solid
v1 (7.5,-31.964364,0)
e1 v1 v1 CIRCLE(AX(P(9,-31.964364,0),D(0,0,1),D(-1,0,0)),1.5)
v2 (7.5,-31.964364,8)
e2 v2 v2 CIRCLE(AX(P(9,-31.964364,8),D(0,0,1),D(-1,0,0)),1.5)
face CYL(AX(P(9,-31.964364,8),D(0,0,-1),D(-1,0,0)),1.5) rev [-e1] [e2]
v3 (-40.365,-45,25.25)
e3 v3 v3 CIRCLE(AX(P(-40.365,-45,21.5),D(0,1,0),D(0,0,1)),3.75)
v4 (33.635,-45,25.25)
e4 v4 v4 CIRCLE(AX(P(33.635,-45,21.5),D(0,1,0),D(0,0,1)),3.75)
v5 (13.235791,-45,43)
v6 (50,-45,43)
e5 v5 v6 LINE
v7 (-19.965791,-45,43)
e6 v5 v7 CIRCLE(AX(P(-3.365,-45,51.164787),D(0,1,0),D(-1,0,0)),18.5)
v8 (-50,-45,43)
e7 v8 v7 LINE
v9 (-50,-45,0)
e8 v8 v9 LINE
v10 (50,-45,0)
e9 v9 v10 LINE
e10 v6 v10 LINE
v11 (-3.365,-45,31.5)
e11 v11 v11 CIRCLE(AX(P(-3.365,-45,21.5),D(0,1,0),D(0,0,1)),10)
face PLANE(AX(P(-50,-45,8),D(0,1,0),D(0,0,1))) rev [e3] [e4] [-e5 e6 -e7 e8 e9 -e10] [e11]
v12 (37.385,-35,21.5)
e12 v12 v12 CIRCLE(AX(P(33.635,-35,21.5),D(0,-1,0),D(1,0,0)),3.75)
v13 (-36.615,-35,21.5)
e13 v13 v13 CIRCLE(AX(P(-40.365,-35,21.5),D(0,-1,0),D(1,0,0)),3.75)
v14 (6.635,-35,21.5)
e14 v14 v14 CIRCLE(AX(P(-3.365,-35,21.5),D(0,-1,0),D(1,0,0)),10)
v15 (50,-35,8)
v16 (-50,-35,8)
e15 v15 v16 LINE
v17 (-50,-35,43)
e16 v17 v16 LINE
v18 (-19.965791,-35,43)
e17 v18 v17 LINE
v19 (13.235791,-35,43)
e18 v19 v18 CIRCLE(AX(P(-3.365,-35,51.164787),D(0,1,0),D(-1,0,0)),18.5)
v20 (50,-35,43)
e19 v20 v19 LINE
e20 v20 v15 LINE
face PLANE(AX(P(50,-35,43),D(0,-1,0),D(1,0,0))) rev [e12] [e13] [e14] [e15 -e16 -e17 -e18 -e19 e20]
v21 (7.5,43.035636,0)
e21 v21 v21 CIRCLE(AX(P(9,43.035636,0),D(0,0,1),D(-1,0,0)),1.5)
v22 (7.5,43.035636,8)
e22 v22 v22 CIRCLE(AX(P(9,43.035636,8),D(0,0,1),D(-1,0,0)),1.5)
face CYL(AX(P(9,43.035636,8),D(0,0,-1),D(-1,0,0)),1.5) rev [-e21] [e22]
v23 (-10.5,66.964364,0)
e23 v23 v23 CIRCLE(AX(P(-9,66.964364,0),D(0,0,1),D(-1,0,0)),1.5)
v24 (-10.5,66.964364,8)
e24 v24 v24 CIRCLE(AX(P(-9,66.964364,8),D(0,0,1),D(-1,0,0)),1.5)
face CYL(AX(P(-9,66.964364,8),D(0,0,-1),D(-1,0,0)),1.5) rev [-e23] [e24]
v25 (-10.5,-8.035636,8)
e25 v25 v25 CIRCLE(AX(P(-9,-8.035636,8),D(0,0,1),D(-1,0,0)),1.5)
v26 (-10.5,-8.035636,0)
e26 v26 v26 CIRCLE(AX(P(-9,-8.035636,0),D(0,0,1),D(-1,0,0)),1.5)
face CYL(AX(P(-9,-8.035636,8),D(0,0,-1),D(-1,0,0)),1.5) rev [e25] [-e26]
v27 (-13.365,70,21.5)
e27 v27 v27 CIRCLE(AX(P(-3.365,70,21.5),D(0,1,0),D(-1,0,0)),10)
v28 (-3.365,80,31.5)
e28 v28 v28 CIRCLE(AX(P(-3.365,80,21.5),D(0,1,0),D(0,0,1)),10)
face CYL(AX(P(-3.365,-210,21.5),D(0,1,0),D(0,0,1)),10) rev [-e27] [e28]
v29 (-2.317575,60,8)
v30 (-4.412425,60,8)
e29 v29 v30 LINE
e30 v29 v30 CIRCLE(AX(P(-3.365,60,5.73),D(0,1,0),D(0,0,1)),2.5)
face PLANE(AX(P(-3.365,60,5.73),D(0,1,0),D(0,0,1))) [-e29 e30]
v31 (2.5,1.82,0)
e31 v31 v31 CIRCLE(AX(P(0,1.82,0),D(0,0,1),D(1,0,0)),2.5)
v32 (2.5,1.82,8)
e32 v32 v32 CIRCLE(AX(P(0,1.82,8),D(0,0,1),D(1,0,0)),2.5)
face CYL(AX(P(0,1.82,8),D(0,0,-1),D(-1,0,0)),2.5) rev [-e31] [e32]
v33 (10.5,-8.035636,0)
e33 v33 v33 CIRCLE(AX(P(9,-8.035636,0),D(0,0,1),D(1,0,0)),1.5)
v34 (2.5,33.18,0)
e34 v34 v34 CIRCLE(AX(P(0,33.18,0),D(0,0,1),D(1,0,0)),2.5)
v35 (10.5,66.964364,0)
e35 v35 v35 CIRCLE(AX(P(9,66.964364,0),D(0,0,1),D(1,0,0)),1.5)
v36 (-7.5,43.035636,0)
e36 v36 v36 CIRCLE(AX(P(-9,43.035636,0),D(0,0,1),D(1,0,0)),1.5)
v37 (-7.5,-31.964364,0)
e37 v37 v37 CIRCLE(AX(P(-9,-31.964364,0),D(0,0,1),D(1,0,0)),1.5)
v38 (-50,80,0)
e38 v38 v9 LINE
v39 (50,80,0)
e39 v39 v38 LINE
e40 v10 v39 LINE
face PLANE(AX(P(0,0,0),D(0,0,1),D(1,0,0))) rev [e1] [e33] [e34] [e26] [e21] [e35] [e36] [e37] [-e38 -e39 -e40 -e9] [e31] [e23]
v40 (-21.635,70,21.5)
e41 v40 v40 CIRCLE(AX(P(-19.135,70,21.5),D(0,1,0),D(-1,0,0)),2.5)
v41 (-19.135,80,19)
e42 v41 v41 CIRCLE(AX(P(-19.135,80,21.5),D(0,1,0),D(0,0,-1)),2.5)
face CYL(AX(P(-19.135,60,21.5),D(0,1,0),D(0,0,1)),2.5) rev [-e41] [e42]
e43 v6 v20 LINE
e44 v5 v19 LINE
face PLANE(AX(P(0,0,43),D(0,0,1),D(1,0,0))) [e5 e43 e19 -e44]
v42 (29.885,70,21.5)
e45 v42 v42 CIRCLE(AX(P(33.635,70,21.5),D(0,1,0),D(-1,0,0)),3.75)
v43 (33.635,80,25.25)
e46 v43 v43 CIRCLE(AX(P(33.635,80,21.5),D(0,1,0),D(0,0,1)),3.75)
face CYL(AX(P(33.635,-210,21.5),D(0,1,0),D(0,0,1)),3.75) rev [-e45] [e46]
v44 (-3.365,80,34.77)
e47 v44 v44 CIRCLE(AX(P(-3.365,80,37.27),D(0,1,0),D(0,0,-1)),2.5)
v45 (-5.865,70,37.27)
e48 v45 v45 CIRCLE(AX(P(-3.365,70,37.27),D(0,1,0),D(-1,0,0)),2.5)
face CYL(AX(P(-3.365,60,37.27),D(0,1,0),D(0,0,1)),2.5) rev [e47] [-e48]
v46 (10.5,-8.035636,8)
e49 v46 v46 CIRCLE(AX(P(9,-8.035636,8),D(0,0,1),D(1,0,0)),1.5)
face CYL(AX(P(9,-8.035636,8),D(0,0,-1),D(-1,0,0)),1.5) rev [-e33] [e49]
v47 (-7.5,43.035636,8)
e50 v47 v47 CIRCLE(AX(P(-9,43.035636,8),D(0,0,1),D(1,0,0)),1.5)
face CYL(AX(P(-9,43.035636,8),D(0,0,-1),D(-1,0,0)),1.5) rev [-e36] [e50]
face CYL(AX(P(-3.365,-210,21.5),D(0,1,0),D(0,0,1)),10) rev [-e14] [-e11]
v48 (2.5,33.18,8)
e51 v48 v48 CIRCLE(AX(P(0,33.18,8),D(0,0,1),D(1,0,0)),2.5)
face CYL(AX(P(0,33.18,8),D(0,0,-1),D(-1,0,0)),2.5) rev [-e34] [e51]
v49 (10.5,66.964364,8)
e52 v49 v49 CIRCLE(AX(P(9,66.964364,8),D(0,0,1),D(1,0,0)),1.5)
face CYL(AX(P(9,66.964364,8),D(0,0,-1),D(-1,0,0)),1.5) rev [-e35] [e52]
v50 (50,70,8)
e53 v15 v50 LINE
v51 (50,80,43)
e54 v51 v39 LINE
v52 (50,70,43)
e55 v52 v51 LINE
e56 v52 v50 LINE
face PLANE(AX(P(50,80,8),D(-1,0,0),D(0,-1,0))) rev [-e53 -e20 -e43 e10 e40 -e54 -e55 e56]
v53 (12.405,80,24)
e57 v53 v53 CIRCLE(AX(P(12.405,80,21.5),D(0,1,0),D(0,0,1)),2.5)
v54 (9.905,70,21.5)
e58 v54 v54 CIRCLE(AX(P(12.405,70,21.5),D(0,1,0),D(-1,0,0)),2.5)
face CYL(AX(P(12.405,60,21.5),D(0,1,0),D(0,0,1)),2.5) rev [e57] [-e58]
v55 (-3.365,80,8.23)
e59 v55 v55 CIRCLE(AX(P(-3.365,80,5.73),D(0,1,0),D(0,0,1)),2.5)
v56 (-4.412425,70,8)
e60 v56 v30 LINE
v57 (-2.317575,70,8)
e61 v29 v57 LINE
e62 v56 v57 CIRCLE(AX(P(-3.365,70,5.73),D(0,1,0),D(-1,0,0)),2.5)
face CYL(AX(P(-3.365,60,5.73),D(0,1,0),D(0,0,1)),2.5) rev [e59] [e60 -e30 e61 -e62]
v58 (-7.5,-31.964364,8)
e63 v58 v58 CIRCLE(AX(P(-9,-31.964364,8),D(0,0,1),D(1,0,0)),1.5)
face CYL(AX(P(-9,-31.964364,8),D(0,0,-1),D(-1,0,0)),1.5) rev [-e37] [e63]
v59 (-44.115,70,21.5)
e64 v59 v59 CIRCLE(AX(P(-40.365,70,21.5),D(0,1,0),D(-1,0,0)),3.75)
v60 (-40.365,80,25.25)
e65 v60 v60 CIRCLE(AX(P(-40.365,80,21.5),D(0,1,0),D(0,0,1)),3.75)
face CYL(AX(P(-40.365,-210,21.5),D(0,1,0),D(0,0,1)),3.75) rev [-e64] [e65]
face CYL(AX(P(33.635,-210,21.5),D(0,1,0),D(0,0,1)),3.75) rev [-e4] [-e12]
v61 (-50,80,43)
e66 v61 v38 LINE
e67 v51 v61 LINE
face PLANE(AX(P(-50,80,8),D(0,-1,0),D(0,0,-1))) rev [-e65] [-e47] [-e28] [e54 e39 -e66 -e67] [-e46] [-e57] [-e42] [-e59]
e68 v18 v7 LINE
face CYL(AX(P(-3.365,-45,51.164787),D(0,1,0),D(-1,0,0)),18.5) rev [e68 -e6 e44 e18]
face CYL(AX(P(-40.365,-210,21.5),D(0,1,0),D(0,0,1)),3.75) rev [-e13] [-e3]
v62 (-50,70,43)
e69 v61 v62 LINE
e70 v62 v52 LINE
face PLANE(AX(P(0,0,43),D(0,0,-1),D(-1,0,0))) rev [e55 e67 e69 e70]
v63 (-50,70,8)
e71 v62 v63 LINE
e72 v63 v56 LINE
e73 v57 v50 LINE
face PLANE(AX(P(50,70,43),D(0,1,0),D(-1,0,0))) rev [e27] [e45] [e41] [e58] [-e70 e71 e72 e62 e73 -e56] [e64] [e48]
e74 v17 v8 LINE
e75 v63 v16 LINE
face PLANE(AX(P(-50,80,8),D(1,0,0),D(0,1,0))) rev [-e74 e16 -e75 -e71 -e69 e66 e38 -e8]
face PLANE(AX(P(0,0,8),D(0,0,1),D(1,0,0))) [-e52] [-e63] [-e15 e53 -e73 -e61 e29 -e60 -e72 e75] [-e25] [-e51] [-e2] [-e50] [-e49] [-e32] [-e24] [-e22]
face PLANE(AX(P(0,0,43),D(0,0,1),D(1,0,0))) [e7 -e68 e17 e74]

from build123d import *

# Parameters (mm, degrees)
SKETCH2_W           = 100
SKETCH2_H           = 125
SKETCH2_R           = 1.5
SKETCH2_R_2         = 2.5
BOSS_EXTRUDE1_DEPTH = 8
SKETCH5_W           = 100
SKETCH5_H           = 10
BOSS_EXTRUDE2_DEPTH = 35
SKETCH7_R           = 10
SKETCH7_R_2         = 3.75
CUT_EXTRUDE2_DEPTH  = 290
SKETCH8_R           = 18.5
CUT_EXTRUDE5_DEPTH  = 133.566964211
SKETCH9_R           = 2.5
CUT_EXTRUDE6_DEPTH  = 20


with BuildPart() as part:
    # Sketch2 → Boss-Extrude1 (new body)
    with BuildSketch(Plane.XY):
        with Locations((0, 17.5)):
            Rectangle(SKETCH2_W, SKETCH2_H)
        with Locations(Location((-9, -8.03563588, 0), (0, 0, 180))):
            Circle(SKETCH2_R, mode=Mode.SUBTRACT)
        with Locations(Location((9, -31.96436412, 0), (0, 0, 180))):
            Circle(SKETCH2_R, mode=Mode.SUBTRACT)
        with Locations((9, -8.03563588)):
            Circle(SKETCH2_R, mode=Mode.SUBTRACT)
        with Locations((-9, -31.96436412)):
            Circle(SKETCH2_R, mode=Mode.SUBTRACT)
        with Locations(Location((9, 43.03563588, 0), (0, 0, 180))):
            Circle(SKETCH2_R, mode=Mode.SUBTRACT)
        with Locations((-9, 43.03563588)):
            Circle(SKETCH2_R, mode=Mode.SUBTRACT)
        with Locations(Location((-9, 66.96436412, 0), (0, 0, 180))):
            Circle(SKETCH2_R, mode=Mode.SUBTRACT)
        with Locations((9, 66.96436412)):
            Circle(SKETCH2_R, mode=Mode.SUBTRACT)
        with Locations((0, 33.18)):
            Circle(SKETCH2_R_2, mode=Mode.SUBTRACT)
        with Locations((0, 1.82)):
            Circle(SKETCH2_R_2, mode=Mode.SUBTRACT)
    extrude(amount=BOSS_EXTRUDE1_DEPTH)

    # Sketch5 → Boss-Extrude2 (add)
    with BuildSketch(Plane.XY.offset(8)):
        with Locations((0, 75)):
            Rectangle(SKETCH5_W, SKETCH5_H)
        with Locations((0, -40)):
            Rectangle(SKETCH5_W, SKETCH5_H)
    extrude(amount=BOSS_EXTRUDE2_DEPTH)

    # Sketch7 → Cut-Extrude2 (cut)
    with BuildSketch(Plane(origin=(0, 80, 0), x_dir=(1, 0, 0), z_dir=(0, 1, 0))):
        with Locations(Location((-3.365, -21.5, 0), (0, 0, 270))):
            Circle(SKETCH7_R)
        with Locations(Location((-40.365, -21.5, 0), (0, 0, 270))):
            Circle(SKETCH7_R_2)
        with Locations(Location((33.635, -21.5, 0), (0, 0, 270))):
            Circle(SKETCH7_R_2)
    extrude(amount=-CUT_EXTRUDE2_DEPTH, mode=Mode.SUBTRACT)

    # Sketch8 → Cut-Extrude5 (cut, through all)
    with BuildSketch(Plane(origin=(0, -35, 0), x_dir=(1, 0, 0), z_dir=(0, 1, 0))):
        with Locations((-3.365, -51.164787316)):
            Circle(SKETCH8_R)
    extrude(amount=-CUT_EXTRUDE5_DEPTH, mode=Mode.SUBTRACT)

    # Sketch9 → Cut-Extrude6 (cut)
    with BuildSketch(Plane(origin=(0, 80, 0), x_dir=(1, 0, 0), z_dir=(0, 1, 0))):
        with Locations(Location((-3.365, -5.73, 0), (0, 0, 270))):
            Circle(SKETCH9_R)
        with Locations(Location((12.405, -21.5, 0), (0, 0, 270))):
            Circle(SKETCH9_R)
        with Locations(Location((-19.135, -21.5, 0), (0, 0, 180))):
            Circle(SKETCH9_R)
        with Locations(Location((-3.365, -37.27, 0), (0, 0, 180))):
            Circle(SKETCH9_R)
    extrude(amount=-CUT_EXTRUDE6_DEPTH, mode=Mode.SUBTRACT)


solid = part.part
